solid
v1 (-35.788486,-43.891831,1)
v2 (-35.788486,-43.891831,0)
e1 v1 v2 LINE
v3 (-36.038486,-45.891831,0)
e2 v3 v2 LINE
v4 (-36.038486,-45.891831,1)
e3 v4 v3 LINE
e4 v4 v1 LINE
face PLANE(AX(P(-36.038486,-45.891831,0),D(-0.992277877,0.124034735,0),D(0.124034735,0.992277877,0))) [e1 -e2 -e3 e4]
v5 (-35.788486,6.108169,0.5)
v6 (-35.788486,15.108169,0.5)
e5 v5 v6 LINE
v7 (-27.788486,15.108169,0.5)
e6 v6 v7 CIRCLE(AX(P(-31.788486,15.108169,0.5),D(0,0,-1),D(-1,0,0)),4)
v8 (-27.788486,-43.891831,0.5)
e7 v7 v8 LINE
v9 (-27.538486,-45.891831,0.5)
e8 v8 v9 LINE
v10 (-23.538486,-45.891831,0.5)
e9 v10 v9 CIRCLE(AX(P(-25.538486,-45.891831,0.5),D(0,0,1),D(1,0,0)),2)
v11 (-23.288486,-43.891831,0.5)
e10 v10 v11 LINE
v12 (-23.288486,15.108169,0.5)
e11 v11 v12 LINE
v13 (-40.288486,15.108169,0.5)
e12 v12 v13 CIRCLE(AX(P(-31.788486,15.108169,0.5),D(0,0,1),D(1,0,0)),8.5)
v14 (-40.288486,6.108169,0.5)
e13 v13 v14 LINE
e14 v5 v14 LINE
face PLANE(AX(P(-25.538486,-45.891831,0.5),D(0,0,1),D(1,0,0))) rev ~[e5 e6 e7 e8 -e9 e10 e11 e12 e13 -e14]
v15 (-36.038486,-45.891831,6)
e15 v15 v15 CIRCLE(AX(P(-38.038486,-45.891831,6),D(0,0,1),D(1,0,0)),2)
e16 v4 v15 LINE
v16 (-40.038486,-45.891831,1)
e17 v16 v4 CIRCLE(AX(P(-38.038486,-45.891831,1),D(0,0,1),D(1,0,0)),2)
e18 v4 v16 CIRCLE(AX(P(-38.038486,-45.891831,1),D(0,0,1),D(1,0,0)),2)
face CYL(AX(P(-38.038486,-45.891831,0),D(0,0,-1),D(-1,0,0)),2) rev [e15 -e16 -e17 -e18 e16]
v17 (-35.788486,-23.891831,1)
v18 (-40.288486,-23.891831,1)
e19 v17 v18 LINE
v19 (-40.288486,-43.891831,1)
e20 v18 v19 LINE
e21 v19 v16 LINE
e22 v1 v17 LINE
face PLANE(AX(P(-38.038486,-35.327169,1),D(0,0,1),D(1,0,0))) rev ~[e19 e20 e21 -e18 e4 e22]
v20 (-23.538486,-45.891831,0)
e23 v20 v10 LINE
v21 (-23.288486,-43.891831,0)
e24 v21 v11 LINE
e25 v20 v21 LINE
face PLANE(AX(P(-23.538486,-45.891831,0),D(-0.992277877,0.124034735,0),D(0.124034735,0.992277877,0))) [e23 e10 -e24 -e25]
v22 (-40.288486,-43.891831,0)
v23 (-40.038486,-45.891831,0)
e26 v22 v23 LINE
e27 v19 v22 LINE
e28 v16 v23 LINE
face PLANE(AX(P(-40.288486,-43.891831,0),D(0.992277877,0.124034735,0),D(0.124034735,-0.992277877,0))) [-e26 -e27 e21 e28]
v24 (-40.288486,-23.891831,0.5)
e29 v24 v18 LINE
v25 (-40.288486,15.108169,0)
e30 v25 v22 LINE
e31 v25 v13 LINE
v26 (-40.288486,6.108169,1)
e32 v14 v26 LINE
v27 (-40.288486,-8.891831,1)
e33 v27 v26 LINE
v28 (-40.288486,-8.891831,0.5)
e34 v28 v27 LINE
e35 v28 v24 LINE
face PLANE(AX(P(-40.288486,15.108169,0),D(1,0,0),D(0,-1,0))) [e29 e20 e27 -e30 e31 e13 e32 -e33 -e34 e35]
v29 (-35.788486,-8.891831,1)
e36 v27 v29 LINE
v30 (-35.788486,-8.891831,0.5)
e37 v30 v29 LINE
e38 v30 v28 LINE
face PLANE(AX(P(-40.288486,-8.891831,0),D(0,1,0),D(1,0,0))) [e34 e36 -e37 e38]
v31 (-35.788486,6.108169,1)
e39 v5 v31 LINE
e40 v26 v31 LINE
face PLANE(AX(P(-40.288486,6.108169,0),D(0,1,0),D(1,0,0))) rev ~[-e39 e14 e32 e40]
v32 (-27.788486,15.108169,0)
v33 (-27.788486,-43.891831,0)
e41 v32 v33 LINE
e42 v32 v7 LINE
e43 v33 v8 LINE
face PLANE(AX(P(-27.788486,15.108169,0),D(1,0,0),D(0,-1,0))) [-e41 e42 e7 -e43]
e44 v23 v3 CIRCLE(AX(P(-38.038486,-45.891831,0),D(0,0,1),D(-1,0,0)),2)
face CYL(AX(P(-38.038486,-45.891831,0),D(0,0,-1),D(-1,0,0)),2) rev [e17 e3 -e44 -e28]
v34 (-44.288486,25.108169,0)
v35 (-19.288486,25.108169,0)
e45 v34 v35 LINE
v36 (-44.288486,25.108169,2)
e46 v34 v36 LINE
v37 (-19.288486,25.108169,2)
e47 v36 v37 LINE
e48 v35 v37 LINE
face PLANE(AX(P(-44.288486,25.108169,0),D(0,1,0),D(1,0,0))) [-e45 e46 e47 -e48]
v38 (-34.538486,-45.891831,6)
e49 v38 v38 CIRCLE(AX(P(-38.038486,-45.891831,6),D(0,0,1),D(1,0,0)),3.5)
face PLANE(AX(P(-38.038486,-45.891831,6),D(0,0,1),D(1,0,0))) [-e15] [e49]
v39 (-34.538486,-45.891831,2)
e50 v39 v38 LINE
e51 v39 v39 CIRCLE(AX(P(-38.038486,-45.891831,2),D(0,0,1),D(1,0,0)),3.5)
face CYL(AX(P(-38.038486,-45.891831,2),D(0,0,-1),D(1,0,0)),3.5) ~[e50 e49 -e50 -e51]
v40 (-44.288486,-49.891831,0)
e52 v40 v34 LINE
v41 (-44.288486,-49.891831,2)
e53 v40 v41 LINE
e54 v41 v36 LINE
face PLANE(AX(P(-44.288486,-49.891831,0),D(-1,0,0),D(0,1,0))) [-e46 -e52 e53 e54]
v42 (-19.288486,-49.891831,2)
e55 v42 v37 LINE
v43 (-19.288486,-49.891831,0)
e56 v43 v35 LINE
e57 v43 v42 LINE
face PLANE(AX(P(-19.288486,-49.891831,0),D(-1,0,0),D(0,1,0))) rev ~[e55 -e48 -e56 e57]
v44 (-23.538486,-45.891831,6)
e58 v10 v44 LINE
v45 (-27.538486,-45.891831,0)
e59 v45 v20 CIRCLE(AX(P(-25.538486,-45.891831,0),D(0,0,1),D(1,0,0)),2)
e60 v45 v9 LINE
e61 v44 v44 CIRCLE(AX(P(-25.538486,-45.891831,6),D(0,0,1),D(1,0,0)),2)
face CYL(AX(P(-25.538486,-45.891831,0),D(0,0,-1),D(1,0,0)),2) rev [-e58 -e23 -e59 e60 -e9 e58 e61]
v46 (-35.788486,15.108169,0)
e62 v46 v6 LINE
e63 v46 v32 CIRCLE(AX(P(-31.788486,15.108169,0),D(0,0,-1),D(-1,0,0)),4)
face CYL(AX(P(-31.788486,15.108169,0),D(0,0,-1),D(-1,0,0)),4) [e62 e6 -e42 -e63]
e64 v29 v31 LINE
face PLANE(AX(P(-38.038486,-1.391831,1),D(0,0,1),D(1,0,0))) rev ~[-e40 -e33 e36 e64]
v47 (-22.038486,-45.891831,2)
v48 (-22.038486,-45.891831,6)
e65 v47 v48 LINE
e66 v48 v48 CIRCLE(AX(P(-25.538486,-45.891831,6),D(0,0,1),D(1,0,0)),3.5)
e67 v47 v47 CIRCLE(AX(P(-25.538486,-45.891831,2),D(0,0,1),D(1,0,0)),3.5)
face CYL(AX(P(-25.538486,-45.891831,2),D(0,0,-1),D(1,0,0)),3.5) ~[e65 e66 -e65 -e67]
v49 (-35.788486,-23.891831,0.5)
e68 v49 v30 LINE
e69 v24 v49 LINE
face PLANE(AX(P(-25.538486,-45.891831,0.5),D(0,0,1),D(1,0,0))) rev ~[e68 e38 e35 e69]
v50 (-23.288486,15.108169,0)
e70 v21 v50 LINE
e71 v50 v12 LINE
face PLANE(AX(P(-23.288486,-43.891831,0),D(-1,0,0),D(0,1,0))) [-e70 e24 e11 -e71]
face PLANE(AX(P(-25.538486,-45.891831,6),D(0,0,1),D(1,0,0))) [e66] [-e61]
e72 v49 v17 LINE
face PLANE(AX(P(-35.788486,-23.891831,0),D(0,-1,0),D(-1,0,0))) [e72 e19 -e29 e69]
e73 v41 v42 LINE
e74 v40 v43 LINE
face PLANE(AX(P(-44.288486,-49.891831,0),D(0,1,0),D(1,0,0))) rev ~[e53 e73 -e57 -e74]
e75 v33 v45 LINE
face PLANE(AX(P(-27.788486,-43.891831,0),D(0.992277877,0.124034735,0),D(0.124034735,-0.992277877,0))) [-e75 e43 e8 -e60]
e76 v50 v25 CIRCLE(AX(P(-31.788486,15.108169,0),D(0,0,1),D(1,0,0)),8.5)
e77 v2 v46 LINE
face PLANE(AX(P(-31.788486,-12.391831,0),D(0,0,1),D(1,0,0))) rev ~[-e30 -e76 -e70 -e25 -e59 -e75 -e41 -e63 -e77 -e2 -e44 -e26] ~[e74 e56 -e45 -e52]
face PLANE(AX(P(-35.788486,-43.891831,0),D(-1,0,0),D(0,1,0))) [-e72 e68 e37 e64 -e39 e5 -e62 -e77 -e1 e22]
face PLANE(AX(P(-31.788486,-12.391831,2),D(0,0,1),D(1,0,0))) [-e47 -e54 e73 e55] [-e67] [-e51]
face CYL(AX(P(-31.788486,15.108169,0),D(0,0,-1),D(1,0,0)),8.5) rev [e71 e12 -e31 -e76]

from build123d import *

# Parameters (mm, degrees)
F0_W      = 25
F0_H      = 75
F3_DEPTH  = 2
F4_DEPTH  = 0.5
F6_R      = 3.5
F6_R_2    = 2
F7_DEPTH  = 4
F8_DEPTH  = 1
F9_W      = 4.5
F9_H      = 15
F10_DEPTH = 1
F11_DEPTH = 2


with BuildPart() as f3:
    # F0 (on Top) → F3 (new body)
    with BuildSketch(Plane.XY):
        with Locations((-31.788486, -12.391831)):
            Rectangle(F0_W, F0_H)
    extrude(amount=F3_DEPTH)

    # F1 (on face) → F4 (cut)
    with BuildSketch(Plane.XY):
        with BuildLine():
            ThreePointArc((-27.538486, -45.891831), (-25.538486, -47.891831), (-23.538486, -45.891831))
            ThreePointArc((-23.538486, -45.891831), (-25.538486, -43.891831), (-27.538486, -45.891831))
        make_face()
        with BuildLine():
            ThreePointArc((-27.538486, -45.891831), (-25.538486, -43.891831), (-23.538486, -45.891831))
            Line((-23.538486, -45.891831), (-23.288486, -43.891831))
            Line((-23.288486, -43.891831), (-23.288486, 15.108169))
            ThreePointArc((-23.288486, 15.108169), (-31.788486, 23.608169), (-40.288486, 15.108169))
            Line((-40.288486, 15.108169), (-40.288486, -43.891831))
            Line((-40.288486, -43.891831), (-40.038486, -45.891831))
            ThreePointArc((-40.038486, -45.891831), (-38.038486, -43.891831), (-36.038486, -45.891831))
            Line((-36.038486, -45.891831), (-35.788486, -43.891831))
            Line((-35.788486, -43.891831), (-35.788486, 15.108169))
            ThreePointArc((-35.788486, 15.108169), (-31.788486, 19.108169), (-27.788486, 15.108169))
            Line((-27.788486, 15.108169), (-27.788486, -43.891831))
            Line((-27.788486, -43.891831), (-27.538486, -45.891831))
        make_face()
        with BuildLine():
            ThreePointArc((-36.038486, -45.891831), (-38.038486, -43.891831), (-40.038486, -45.891831))
            ThreePointArc((-40.038486, -45.891831), (-38.038486, -47.891831), (-36.038486, -45.891831))
        make_face()
    extrude(amount=F4_DEPTH, mode=Mode.SUBTRACT)

    # F6 (on face) → F7 (join)
    with BuildSketch(Plane.XY.offset(2)):
        with Locations((-38.038486, -45.891831)):
            Circle(F6_R)
        with Locations((-38.038486, -45.891831)):
            Circle(F6_R_2, mode=Mode.SUBTRACT)
        with Locations((-25.538486, -45.891831)):
            Circle(F6_R)
        with Locations((-25.538486, -45.891831)):
            Circle(F6_R_2, mode=Mode.SUBTRACT)
    extrude(amount=F7_DEPTH)

    # F6 (on face) → F8 (cut)
    with BuildSketch(Plane.XY.offset(2)):
        with Locations((-25.538486, -45.891831)):
            Circle(F6_R_2)
        with Locations((-38.038486, -45.891831)):
            Circle(F6_R_2)
    extrude(amount=-F8_DEPTH, mode=Mode.SUBTRACT)

    # F9 (on face) → F10 (cut)
    with BuildSketch(Plane.XY):
        with BuildLine():
            Line((-40.288486, -43.891831), (-40.038486, -45.891831))
            ThreePointArc((-40.038486, -45.891831), (-38.038486, -47.891831), (-36.038486, -45.891831))
            Line((-36.038486, -45.891831), (-35.788486, -43.891831))
            Line((-35.788486, -43.891831), (-35.788486, -23.891831))
            Line((-35.788486, -23.891831), (-40.288486, -23.891831))
            Line((-40.288486, -23.891831), (-40.288486, -43.891831))
        make_face()
        with Locations((-38.038486, -1.391831)):
            Rectangle(F9_W, F9_H)
    extrude(amount=F10_DEPTH, mode=Mode.SUBTRACT)

    # F6 (on face) → F11 (cut)
    with BuildSketch(Plane.XY.offset(2)):
        with Locations((-25.538486, -45.891831)):
            Circle(F6_R_2)
        with Locations((-38.038486, -45.891831)):
            Circle(F6_R_2)
    extrude(amount=-F11_DEPTH, mode=Mode.SUBTRACT)


solid = f3.part
